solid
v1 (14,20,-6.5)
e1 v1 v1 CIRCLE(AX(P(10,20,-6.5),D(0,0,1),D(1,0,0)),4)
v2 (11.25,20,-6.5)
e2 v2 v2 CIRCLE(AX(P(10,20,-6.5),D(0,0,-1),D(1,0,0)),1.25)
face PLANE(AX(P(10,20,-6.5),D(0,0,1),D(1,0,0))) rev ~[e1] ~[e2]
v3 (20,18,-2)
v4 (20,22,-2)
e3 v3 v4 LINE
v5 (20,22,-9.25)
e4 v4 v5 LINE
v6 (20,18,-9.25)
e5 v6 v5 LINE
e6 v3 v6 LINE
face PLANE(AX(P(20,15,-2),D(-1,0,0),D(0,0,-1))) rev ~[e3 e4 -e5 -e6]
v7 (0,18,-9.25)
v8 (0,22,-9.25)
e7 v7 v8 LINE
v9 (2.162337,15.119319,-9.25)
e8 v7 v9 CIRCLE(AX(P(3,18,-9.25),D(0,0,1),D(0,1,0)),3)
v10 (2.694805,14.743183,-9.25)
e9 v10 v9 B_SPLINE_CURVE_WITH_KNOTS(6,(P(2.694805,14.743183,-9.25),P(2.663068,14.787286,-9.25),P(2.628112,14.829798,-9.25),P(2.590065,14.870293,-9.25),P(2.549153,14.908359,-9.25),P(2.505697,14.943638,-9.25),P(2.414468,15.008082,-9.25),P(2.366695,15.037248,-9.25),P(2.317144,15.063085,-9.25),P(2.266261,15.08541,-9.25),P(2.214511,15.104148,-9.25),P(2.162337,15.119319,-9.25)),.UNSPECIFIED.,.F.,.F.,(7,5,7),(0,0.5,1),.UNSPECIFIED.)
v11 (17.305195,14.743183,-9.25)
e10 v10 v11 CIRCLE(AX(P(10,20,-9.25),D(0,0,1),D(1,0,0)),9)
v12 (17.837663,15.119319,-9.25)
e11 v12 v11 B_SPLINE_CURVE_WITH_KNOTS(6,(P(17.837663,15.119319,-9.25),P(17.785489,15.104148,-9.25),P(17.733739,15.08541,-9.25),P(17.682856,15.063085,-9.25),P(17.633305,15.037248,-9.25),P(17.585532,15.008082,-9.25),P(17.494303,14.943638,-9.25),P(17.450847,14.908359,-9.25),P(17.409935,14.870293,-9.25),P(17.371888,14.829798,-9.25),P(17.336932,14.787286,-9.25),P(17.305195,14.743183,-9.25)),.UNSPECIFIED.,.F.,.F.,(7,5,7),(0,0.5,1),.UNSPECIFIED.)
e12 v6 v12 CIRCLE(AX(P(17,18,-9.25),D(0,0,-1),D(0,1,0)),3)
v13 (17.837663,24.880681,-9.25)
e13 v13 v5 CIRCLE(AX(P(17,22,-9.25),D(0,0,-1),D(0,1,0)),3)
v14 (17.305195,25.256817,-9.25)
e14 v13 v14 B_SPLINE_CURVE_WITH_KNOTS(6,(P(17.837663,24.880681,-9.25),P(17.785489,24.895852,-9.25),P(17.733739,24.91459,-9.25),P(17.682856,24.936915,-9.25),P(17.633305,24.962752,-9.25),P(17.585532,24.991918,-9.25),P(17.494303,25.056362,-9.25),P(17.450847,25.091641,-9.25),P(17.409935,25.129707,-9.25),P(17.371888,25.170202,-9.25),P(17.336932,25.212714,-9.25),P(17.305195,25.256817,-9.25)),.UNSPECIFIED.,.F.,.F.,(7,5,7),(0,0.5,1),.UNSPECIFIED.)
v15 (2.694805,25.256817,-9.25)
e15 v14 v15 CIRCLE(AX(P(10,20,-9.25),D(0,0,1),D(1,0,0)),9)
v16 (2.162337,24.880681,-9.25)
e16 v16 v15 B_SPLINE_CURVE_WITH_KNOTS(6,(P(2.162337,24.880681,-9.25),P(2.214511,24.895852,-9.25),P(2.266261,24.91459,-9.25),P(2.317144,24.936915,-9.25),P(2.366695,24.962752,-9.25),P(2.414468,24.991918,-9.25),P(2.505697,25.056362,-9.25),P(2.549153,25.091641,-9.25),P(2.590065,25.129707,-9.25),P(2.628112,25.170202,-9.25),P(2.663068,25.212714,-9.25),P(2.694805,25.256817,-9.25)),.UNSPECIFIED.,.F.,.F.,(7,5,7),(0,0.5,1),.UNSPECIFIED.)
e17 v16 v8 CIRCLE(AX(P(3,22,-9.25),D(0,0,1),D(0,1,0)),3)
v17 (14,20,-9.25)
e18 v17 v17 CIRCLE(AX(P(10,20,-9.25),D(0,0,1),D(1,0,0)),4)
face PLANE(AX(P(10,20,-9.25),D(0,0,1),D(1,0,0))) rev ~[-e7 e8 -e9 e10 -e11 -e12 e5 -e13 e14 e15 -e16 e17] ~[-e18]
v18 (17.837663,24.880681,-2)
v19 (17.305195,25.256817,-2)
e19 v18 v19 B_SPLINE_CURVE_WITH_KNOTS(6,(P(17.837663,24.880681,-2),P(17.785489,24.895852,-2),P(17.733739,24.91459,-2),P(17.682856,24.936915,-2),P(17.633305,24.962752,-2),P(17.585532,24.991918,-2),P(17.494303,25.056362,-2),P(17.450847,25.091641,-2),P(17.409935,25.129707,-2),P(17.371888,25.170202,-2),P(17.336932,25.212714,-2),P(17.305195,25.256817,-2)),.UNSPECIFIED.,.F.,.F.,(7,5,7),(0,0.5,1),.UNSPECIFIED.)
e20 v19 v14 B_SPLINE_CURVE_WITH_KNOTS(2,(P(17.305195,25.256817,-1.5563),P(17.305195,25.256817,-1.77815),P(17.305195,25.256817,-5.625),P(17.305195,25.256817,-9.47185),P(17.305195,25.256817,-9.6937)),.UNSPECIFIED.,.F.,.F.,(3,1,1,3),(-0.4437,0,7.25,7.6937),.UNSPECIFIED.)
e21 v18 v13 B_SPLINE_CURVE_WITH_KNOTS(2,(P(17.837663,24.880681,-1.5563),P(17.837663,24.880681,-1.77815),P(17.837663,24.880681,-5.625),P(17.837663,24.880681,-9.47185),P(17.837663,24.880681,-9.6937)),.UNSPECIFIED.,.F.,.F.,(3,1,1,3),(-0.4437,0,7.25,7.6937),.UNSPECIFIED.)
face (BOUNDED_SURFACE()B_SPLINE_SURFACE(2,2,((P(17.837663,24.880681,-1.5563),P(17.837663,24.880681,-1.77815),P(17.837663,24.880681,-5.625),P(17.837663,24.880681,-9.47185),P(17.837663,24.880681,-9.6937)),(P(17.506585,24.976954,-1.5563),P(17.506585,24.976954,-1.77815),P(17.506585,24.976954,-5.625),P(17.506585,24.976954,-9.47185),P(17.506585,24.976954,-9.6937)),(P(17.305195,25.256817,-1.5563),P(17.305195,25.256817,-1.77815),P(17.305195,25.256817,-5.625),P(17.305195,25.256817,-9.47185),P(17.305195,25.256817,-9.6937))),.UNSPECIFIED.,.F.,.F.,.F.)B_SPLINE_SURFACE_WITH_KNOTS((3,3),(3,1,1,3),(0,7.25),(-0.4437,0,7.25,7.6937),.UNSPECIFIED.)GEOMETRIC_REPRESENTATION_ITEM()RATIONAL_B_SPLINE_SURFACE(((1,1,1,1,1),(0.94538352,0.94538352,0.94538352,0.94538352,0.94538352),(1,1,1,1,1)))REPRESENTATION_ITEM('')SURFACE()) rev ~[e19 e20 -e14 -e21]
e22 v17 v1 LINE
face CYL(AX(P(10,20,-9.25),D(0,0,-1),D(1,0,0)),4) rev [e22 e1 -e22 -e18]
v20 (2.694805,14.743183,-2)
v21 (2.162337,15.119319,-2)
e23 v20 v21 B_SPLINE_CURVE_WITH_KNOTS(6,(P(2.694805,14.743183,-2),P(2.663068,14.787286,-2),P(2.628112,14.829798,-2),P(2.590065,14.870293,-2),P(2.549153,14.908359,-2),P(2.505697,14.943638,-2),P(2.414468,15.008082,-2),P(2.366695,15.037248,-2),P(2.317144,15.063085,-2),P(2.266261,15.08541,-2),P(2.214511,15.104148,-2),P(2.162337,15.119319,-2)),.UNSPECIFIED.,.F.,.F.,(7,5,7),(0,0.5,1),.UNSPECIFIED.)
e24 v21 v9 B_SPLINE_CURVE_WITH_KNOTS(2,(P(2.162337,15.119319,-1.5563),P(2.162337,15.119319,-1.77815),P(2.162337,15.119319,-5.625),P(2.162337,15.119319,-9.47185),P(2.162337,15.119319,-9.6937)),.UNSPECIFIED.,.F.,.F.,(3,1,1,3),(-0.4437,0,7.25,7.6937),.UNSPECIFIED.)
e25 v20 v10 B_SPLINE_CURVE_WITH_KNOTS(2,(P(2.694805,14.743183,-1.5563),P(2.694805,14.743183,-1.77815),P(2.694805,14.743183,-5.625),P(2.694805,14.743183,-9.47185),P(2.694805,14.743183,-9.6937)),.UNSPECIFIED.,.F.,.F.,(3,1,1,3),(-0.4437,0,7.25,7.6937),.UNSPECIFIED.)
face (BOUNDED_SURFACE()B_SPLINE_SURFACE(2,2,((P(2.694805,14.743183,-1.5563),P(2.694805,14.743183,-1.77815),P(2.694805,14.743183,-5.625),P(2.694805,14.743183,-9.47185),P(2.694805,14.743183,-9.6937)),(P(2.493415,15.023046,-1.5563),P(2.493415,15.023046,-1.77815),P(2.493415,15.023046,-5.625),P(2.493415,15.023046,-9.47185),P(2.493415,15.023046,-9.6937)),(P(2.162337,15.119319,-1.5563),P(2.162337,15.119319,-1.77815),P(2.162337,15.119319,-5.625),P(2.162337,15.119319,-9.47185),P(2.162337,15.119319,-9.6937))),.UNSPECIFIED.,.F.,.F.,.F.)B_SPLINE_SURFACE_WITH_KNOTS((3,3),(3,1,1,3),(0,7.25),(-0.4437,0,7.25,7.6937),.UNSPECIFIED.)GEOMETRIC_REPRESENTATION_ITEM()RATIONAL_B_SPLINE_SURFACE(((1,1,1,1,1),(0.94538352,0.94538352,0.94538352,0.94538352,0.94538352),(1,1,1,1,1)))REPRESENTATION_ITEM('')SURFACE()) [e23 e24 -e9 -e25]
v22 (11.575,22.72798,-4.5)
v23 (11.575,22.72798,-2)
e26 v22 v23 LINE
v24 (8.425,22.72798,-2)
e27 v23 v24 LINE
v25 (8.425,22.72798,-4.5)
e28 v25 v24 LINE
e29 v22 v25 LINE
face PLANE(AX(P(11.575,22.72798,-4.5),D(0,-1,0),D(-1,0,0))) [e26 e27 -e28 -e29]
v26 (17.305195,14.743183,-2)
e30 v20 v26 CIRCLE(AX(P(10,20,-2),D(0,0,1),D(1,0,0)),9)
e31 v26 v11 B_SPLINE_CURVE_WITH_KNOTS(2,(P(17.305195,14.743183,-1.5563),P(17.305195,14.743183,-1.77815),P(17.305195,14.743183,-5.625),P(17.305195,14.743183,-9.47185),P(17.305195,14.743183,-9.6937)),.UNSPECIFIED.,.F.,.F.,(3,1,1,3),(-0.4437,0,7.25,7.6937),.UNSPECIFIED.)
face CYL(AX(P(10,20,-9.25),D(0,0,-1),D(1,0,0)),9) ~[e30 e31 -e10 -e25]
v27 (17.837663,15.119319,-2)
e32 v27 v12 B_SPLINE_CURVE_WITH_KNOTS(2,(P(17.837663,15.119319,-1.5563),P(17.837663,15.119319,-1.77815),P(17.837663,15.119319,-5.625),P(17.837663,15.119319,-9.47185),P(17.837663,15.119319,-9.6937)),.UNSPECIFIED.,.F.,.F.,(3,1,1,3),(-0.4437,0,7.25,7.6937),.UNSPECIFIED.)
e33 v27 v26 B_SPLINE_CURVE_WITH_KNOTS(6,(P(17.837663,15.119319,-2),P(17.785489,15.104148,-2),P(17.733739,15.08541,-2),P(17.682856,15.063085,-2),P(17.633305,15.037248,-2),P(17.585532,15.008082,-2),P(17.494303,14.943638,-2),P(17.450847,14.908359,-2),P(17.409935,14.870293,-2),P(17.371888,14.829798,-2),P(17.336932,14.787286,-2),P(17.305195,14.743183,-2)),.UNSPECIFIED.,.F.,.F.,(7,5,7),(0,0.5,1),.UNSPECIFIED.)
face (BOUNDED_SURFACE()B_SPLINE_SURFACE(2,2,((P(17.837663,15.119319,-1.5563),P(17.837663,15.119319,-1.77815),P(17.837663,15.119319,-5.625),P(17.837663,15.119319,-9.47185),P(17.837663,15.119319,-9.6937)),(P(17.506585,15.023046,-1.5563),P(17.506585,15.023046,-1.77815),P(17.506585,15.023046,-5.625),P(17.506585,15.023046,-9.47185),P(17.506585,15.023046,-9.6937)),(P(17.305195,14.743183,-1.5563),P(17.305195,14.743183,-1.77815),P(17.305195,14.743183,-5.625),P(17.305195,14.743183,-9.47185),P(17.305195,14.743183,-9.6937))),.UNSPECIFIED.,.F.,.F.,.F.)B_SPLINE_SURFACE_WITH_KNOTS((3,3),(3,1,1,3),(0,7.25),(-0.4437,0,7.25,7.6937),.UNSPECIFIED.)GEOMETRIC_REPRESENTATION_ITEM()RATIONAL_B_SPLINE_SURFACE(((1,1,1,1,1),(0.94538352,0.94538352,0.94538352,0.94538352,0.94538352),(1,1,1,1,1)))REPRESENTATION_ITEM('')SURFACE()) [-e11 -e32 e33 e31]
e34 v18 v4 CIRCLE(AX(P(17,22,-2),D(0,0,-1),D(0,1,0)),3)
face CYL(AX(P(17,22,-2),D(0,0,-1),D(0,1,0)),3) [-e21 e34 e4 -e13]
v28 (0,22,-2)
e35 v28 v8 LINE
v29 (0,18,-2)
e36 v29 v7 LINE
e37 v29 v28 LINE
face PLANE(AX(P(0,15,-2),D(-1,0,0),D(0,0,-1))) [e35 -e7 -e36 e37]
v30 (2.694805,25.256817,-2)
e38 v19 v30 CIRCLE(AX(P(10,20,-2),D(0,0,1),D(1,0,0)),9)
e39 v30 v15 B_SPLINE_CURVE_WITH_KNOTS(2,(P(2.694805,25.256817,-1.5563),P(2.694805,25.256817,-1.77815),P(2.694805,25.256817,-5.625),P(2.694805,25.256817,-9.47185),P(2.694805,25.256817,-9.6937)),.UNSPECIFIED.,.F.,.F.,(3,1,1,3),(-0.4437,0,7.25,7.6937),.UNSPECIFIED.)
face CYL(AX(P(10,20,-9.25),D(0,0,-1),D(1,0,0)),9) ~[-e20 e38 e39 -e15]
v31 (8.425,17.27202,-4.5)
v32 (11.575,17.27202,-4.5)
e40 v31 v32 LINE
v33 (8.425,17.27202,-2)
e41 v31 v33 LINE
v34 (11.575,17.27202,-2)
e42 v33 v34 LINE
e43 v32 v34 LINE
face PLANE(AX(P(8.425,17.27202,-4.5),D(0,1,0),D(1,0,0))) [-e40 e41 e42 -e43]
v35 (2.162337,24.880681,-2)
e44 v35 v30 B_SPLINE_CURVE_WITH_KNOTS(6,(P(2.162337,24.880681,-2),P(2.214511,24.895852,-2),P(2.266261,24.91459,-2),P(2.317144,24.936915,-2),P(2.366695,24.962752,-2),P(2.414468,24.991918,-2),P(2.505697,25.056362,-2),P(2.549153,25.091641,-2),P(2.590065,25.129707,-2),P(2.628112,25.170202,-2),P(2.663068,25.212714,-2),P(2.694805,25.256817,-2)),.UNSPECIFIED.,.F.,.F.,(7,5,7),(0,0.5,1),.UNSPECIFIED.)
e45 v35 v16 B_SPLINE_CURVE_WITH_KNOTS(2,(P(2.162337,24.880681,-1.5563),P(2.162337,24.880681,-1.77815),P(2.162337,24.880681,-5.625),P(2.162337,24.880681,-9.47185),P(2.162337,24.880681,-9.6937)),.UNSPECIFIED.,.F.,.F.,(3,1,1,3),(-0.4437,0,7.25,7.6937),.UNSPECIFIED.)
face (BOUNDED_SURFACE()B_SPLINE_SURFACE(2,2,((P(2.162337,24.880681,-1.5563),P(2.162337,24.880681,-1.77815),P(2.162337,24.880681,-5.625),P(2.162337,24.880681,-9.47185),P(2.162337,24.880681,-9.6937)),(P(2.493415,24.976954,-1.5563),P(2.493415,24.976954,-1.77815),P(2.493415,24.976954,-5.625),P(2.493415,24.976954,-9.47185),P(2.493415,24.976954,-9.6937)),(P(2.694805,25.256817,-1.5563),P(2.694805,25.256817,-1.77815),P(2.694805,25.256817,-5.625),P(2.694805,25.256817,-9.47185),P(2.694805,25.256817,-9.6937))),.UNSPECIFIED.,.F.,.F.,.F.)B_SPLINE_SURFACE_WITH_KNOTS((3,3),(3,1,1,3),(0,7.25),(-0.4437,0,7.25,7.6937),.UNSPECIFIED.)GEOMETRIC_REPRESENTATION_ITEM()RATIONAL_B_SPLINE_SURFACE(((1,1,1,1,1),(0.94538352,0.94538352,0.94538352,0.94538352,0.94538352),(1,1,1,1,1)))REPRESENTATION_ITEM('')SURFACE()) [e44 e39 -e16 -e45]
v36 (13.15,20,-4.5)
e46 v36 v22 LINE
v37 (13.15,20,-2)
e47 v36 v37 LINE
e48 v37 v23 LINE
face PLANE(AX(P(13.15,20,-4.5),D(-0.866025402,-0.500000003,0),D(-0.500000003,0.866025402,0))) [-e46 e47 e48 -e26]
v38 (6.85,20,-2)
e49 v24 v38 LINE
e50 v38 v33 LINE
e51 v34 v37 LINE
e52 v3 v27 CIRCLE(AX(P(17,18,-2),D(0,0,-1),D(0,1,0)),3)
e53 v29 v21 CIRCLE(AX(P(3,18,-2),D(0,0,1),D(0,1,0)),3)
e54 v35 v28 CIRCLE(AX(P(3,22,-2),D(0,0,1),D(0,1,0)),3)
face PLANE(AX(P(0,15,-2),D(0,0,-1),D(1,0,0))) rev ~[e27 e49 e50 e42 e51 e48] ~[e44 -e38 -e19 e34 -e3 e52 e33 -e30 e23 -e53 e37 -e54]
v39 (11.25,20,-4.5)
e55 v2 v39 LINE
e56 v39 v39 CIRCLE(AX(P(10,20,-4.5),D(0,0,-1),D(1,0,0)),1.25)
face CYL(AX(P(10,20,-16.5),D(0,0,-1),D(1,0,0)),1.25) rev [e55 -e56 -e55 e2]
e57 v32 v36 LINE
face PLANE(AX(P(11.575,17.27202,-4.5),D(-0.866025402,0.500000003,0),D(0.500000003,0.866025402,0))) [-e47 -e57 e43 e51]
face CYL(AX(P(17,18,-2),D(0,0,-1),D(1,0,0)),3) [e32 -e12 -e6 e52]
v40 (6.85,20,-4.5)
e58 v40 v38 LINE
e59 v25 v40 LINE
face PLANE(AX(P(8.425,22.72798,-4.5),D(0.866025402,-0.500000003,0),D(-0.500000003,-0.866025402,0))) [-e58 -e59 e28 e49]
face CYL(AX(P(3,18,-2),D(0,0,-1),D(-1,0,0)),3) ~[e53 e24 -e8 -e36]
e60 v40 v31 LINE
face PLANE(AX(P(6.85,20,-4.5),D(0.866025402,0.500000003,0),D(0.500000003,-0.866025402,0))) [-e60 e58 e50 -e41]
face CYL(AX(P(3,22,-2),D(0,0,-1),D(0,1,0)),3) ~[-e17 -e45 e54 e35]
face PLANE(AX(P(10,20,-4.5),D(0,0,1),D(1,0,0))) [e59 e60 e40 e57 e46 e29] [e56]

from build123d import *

# Parameters (mm, degrees)
CYLINDER014_R             = 4
CYLINDER014_DEPTH         = 10
CYLINDER013_R             = 1.25
CYLINDER013_DEPTH         = 50
PRISM002_DEPTH            = 2.5
BOX004_W                  = 20
BOX004_H                  = 7.25
BOX004_DEPTH              = 10
FILLET004_R               = 3
FILLET005_R               = 3
CYLINDER016_R             = 4
CYLINDER016_DEPTH         = 7.25
CYLINDER015_R             = 9
CYLINDER015_DEPTH         = 7.25
FILLET006_R               = 1
FILLET006_PLACEMENT_ANGLE = 90


with BuildPart() as cylinder013:
    # Cylinder014 → Cylinder014 (new body)
    with BuildSketch(Plane(origin=(0, -16, 22.5), x_dir=(1, 0, 0), z_dir=(0, -1, 0))):
        Circle(CYLINDER014_R)
    extrude(amount=CYLINDER014_DEPTH)


with BuildPart() as fusion004:
    # Cylinder013 → Cylinder013 (new body)
    with BuildSketch(Plane(origin=(0, -16, 22.5), x_dir=(1, 0, 0), z_dir=(0, -1, 0))):
        Circle(CYLINDER013_R)
    extrude(amount=CYLINDER013_DEPTH)

    # Fusion004: union Cylinder013
    add(cylinder013.part)


with BuildPart() as fusion004_1:
    # Fusion004 placement: moved
    add(fusion004.part.moved(Location((0, 57, 0))))


with BuildPart() as fusion005:
    # Prism002 → Prism002 (new body)
    with BuildSketch(Plane(origin=(0, 29, 22.5), x_dir=(1, 0, 0), z_dir=(0, -1, 0))):
        Polygon((3.15, 0), (1.575, 2.72798), (-1.575, 2.72798), (-3.15, 0), (-1.575, -2.72798), (1.575, -2.72798), align=None)
    extrude(amount=PRISM002_DEPTH)

    # Fusion005: union Fusion004
    add(fusion004_1.part)


with BuildPart() as fusion005_1:
    # Fusion005 placement: moved
    add(fusion005.part.moved(Location((0, -26.5, -5))))


with BuildPart() as fillet005:
    # Box004 → Box004 (new body)
    with BuildSketch(Plane(origin=(-10, 0, 12.5), x_dir=(1, 0, 0), z_dir=(0, 0, 1))):
        with Locations((10, 3.625)):
            Rectangle(BOX004_W, BOX004_H)
    extrude(amount=BOX004_DEPTH)

    # Cut012: cut Fusion005
    add(fusion005_1.part, mode=Mode.SUBTRACT)

    # Fillet004
    fillet004_edges = [fillet005.edges().sort_by_distance(p)[0] for p in [
        (10, 3.625, 22.5),
    ]]
    fillet(fillet004_edges, radius=FILLET004_R)

    # Fillet005
    fillet005_edges = [fillet005.edges().sort_by_distance(p)[0] for p in [
        (10, 3.625, 12.5),
        (-10, 3.625, 12.5),
        (-10, 3.625, 22.5),
    ]]
    fillet(fillet005_edges, radius=FILLET005_R)


with BuildPart() as cylinder015:
    # Cylinder016 → Cylinder016 (new body)
    with BuildSketch(Plane(origin=(0, 0, 17.5), x_dir=(1, 0, 0), z_dir=(0, -1, 0))):
        Circle(CYLINDER016_R)
    extrude(amount=CYLINDER016_DEPTH)


with BuildPart() as tornillos_para_metal:
    # Cylinder015 → Cylinder015 (new body)
    with BuildSketch(Plane(origin=(0, 0, 17.5), x_dir=(1, 0, 0), z_dir=(0, -1, 0))):
        Circle(CYLINDER015_R)
    extrude(amount=CYLINDER015_DEPTH)

    # Cut013: cut Cylinder015
    add(cylinder015.part, mode=Mode.SUBTRACT)


with BuildPart() as tornillos_para_metal_1:
    # Cut013 placement: moved
    add(tornillos_para_metal.part.moved(Location((0, 7.25, 0))))

    # Fusion006: union Fillet005
    add(fillet005.part)

    # Fillet006
    fillet006_edges = [tornillos_para_metal_1.edges().sort_by_distance(p)[0] for p in [
        (7.512605, 3.625, 22.455882),
        (7.512605, 3.625, 12.544118),
        (-7.512605, 3.625, 12.544118),
        (-7.512605, 3.625, 22.455882),
    ]]
    fillet(fillet006_edges, radius=FILLET006_R)


with BuildPart() as tornillos_para_metal_2:
    # Fillet006 placement: moved
    add(tornillos_para_metal_1.part.moved(Location((10, 2.5, -2))).rotate(Axis((10, 2.5, -2), (-1, 0, 0)), FILLET006_PLACEMENT_ANGLE))


solid = tornillos_para_metal_2.part
